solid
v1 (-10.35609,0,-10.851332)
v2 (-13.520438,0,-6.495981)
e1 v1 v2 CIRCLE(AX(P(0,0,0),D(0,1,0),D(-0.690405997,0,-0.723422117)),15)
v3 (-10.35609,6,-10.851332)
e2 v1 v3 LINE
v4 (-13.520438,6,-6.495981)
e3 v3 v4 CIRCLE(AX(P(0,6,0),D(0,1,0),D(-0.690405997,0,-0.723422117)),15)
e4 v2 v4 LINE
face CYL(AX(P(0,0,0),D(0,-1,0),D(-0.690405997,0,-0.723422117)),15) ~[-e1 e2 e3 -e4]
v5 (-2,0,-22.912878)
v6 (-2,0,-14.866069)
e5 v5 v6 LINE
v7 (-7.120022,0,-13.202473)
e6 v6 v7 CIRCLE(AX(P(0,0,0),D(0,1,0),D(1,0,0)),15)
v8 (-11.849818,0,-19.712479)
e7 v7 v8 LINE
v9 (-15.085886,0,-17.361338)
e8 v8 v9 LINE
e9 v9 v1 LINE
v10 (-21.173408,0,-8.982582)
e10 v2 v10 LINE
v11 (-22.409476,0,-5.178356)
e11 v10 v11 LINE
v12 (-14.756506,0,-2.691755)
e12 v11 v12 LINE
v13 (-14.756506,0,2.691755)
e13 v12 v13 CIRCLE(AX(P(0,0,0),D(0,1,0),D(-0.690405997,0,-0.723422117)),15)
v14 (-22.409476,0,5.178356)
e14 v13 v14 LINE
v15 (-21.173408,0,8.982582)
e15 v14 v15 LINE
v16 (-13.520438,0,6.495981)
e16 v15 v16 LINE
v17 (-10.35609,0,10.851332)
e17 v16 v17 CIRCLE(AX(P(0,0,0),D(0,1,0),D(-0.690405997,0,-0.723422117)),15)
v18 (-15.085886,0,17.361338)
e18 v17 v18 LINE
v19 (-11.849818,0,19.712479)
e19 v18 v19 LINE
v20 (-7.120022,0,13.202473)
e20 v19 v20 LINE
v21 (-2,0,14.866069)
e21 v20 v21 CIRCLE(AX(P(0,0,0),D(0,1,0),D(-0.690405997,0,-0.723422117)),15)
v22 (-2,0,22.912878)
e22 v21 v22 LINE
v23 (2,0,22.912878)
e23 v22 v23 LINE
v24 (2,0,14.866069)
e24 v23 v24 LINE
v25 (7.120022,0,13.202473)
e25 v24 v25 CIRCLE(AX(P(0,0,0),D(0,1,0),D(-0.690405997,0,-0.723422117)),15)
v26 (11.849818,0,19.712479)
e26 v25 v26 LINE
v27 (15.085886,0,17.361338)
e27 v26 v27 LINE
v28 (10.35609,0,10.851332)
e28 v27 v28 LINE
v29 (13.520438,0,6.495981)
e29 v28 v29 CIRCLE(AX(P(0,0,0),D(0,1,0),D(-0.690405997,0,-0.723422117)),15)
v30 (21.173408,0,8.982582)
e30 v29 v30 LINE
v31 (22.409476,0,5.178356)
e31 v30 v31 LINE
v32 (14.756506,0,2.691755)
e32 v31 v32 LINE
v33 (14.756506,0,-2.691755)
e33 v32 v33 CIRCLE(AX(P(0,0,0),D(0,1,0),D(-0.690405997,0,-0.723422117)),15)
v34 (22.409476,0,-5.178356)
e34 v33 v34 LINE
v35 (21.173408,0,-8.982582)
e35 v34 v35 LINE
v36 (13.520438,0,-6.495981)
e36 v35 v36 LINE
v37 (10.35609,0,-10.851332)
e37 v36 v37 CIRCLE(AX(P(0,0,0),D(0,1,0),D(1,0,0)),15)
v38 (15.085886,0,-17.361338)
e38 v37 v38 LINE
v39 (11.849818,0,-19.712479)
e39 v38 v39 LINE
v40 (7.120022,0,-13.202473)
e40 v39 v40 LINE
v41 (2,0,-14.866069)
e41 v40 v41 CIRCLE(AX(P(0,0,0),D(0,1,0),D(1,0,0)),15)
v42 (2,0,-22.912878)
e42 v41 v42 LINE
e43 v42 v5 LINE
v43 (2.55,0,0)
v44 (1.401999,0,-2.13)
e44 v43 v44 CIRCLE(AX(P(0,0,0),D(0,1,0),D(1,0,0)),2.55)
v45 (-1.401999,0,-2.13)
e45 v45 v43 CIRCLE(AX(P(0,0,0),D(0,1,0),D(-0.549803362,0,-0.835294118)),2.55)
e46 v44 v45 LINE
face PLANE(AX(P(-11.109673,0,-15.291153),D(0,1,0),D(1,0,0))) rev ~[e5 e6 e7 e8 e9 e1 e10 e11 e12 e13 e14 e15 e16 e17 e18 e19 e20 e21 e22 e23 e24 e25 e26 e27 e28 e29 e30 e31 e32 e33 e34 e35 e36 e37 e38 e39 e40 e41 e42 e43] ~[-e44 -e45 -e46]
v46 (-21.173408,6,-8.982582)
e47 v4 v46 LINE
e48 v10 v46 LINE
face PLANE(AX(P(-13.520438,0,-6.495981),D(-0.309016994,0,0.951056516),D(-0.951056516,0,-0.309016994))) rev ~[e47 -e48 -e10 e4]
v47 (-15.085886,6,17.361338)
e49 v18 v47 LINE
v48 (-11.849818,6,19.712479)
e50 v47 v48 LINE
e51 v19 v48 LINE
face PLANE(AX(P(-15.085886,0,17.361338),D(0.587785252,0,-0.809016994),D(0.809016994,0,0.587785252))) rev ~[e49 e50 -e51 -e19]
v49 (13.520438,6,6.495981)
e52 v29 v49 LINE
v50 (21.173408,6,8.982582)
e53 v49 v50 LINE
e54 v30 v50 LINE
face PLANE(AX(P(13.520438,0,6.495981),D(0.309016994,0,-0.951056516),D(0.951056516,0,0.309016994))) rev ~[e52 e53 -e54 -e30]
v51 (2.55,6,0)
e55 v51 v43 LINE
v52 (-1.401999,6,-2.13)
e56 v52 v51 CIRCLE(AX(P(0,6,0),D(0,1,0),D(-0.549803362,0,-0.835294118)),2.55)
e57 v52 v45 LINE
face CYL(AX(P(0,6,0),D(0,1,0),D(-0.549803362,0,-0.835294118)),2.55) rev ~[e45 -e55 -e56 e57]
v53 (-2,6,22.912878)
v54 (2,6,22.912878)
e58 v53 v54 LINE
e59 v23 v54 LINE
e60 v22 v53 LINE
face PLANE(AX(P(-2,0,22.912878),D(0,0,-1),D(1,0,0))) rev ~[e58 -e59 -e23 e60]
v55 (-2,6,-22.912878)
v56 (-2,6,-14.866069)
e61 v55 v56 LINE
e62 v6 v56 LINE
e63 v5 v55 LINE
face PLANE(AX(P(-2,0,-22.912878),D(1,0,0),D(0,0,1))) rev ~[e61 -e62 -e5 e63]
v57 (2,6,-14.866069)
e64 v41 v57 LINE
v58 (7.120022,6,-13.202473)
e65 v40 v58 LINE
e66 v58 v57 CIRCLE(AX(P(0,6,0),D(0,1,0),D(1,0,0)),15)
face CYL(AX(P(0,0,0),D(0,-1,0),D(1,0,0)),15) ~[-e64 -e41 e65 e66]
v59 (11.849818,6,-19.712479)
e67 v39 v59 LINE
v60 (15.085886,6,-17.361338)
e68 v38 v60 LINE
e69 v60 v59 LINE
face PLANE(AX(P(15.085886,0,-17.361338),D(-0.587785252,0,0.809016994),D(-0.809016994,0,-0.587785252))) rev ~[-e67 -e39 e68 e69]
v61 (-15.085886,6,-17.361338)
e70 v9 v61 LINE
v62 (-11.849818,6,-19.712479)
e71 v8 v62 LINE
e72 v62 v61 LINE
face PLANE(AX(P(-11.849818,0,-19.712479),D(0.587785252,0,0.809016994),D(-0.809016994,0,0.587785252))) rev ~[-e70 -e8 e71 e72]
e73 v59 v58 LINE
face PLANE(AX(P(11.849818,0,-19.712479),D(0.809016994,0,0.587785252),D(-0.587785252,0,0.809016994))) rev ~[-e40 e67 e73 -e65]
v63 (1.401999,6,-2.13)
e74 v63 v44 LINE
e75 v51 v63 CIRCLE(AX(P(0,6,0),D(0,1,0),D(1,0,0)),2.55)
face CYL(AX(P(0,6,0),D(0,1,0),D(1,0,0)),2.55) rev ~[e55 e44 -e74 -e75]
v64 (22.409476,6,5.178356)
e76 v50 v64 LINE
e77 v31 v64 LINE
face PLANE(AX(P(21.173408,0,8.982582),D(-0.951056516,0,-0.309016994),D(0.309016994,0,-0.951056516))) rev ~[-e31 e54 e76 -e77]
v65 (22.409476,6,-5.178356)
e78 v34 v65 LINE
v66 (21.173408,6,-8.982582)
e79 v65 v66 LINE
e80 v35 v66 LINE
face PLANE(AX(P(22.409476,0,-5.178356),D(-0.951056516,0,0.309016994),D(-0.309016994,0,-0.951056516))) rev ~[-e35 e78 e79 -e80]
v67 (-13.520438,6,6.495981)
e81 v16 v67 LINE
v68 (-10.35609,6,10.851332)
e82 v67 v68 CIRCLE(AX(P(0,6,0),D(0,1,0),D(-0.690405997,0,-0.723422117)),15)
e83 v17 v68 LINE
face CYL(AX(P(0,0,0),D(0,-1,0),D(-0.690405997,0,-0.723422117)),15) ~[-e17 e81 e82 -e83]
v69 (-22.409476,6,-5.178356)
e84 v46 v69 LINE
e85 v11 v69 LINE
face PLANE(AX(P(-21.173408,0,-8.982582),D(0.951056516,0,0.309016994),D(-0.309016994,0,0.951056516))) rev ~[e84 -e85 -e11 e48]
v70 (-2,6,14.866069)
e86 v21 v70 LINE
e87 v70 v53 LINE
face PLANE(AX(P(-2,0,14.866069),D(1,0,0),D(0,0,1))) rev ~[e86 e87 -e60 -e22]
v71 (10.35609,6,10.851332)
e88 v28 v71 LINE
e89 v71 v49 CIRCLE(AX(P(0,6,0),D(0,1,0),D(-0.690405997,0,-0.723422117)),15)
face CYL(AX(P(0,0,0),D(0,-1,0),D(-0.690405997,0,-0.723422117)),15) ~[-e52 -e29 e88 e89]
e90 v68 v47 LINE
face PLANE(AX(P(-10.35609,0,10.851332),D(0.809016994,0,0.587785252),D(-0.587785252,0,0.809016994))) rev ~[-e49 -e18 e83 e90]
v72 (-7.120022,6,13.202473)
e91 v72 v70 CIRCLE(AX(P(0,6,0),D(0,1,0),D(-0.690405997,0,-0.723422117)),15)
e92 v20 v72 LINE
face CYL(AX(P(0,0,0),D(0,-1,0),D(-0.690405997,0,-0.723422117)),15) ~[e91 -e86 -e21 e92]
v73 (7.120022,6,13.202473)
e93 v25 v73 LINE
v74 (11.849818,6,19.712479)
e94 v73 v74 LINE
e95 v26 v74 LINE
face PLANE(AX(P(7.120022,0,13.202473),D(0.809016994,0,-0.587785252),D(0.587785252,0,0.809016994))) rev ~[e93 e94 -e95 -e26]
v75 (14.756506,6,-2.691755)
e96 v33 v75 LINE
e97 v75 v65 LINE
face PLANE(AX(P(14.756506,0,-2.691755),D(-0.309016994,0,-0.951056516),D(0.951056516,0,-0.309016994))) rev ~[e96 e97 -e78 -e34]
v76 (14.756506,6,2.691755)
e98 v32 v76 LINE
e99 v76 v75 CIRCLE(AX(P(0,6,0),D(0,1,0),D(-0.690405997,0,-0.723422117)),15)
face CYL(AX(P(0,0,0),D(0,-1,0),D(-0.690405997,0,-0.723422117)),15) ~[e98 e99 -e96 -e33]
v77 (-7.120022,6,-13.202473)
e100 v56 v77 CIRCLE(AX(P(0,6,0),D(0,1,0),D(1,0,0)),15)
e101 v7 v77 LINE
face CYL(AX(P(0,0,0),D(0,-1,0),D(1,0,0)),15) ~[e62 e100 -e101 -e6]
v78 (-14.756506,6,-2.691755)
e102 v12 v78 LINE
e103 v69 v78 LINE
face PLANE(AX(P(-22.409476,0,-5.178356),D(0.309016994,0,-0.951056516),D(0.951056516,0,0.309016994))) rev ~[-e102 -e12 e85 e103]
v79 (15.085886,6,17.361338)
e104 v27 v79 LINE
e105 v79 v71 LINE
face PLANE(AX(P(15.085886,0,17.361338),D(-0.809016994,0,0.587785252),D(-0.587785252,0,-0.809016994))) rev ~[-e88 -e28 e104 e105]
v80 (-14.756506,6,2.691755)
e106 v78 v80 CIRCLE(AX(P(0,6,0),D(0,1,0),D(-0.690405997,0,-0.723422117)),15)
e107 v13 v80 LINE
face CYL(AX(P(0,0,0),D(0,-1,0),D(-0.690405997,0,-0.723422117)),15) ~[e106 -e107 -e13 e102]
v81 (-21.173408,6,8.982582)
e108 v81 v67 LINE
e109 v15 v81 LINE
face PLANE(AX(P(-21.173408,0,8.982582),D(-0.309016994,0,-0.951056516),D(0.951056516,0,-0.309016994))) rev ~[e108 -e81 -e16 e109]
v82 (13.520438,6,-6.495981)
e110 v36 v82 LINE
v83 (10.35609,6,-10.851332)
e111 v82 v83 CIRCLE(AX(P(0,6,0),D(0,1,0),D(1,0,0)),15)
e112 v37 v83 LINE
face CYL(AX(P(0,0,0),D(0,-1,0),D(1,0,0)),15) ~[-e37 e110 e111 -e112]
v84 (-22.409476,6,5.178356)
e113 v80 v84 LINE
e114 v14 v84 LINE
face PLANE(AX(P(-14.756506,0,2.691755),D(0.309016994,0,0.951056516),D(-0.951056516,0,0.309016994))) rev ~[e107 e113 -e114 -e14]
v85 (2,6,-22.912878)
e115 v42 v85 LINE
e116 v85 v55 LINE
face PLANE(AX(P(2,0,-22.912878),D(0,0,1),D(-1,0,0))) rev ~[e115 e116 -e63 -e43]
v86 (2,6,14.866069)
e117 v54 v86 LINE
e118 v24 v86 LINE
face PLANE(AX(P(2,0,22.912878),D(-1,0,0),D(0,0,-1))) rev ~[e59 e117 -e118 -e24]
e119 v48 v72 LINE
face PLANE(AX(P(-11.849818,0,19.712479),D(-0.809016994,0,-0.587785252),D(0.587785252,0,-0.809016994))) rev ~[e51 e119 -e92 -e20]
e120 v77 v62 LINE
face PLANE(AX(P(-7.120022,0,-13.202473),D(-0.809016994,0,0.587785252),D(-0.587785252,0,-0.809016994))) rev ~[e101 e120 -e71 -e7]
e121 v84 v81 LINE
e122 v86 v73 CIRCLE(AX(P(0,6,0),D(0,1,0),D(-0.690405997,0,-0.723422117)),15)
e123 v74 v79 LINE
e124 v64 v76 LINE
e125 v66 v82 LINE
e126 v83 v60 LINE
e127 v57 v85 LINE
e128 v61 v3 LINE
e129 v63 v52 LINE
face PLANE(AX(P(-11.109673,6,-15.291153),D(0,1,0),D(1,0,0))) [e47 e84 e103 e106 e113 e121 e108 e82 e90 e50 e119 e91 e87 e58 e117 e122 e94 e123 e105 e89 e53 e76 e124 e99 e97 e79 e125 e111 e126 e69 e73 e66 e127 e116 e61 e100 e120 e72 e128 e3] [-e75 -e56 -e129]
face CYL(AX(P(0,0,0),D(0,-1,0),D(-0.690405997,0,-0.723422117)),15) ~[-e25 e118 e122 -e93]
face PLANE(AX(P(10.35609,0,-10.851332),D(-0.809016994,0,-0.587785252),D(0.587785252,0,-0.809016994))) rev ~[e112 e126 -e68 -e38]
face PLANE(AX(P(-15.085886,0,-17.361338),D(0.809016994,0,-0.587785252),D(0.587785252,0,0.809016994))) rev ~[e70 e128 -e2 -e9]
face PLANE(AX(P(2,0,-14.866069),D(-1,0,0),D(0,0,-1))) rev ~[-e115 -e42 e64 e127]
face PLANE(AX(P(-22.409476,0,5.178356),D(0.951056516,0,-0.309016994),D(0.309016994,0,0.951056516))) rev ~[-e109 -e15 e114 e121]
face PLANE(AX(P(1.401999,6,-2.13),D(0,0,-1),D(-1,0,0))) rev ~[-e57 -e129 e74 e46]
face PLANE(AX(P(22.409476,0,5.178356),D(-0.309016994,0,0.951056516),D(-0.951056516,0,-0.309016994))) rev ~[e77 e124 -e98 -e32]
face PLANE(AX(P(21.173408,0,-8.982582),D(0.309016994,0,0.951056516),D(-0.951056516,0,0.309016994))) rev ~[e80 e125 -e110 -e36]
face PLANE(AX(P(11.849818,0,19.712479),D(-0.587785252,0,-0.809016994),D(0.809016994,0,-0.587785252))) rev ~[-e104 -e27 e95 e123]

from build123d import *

# Parameters (mm, degrees)
SKETCH1_R           = 15
BOSS_EXTRUDE1_DEPTH = 6
CUT_EXTRUDE1_DEPTH  = 6


with BuildPart() as part:
    # Sketch1 → Boss-Extrude1 (new body)
    with BuildSketch(Plane(origin=(0, 0, 0), x_dir=(1, 0, 0), z_dir=(0, 1, 0))):
        with BuildLine():
            Line((-7.12002198, 13.202472761), (-11.849818066, 19.712478581))
            Line((-11.849818066, 19.712478581), (-15.085886044, 17.361337572))
            Line((-15.085886044, 17.361337572), (-10.356089958, 10.851331752))
            ThreePointArc((-10.356089958, 10.851331752), (-8.816778784, 12.135254916), (-7.12002198, 13.202472761))
        make_face()
        with BuildLine():
            Line((2, 22.912878475), (-2, 22.912878475))
            Line((-2, 22.912878475), (-2, 14.866068747))
            ThreePointArc((-2, 14.866068747), (0, 15), (2, 14.866068747))
            Line((2, 14.866068747), (2, 22.912878475))
        make_face()
        with BuildLine():
            Line((15.085886044, 17.361337572), (11.849818066, 19.712478581))
            Line((11.849818066, 19.712478581), (7.12002198, 13.202472761))
            ThreePointArc((7.12002198, 13.202472761), (8.816778784, 12.135254916), (10.356089958, 10.851331752))
            Line((10.356089958, 10.851331752), (15.085886044, 17.361337572))
        make_face()
        with BuildLine():
            Line((22.409476369, 5.178355806), (21.173408392, 8.982581871))
            Line((21.173408392, 8.982581871), (13.520437565, 6.495980915))
            ThreePointArc((13.520437565, 6.495980915), (14.265847744, 4.635254916), (14.756505543, 2.69175485))
            Line((14.756505543, 2.69175485), (22.409476369, 5.178355806))
        make_face()
        Circle(SKETCH1_R)
        with BuildLine():
            Line((21.173408392, -8.982581871), (22.409476369, -5.178355806))
            Line((22.409476369, -5.178355806), (14.756505543, -2.69175485))
            ThreePointArc((14.756505543, -2.69175485), (14.265847744, -4.635254916), (13.520437565, -6.495980915))
            Line((13.520437565, -6.495980915), (21.173408392, -8.982581871))
        make_face()
        with BuildLine():
            Line((11.849818066, -19.712478581), (15.085886044, -17.361337572))
            Line((15.085886044, -17.361337572), (10.356089958, -10.851331752))
            ThreePointArc((10.356089958, -10.851331752), (8.816778784, -12.135254916), (7.12002198, -13.202472761))
            Line((7.12002198, -13.202472761), (11.849818066, -19.712478581))
        make_face()
        with BuildLine():
            Line((-2, -14.866068747), (-2, -22.912878475))
            Line((-2, -22.912878475), (2, -22.912878475))
            Line((2, -22.912878475), (2, -14.866068747))
            ThreePointArc((2, -14.866068747), (0, -15), (-2, -14.866068747))
        make_face()
        with BuildLine():
            Line((-10.356089958, -10.851331752), (-15.085886044, -17.361337572))
            Line((-15.085886044, -17.361337572), (-11.849818066, -19.712478581))
            Line((-11.849818066, -19.712478581), (-7.12002198, -13.202472761))
            ThreePointArc((-7.12002198, -13.202472761), (-8.816778784, -12.135254916), (-10.356089958, -10.851331752))
        make_face()
        with BuildLine():
            Line((-14.756505543, -2.69175485), (-22.409476369, -5.178355806))
            Line((-22.409476369, -5.178355806), (-21.173408392, -8.982581871))
            Line((-21.173408392, -8.982581871), (-13.520437565, -6.495980915))
            ThreePointArc((-13.520437565, -6.495980915), (-14.265847744, -4.635254916), (-14.756505543, -2.69175485))
        make_face()
        with BuildLine():
            Line((-13.520437565, 6.495980915), (-21.173408392, 8.982581871))
            Line((-21.173408392, 8.982581871), (-22.409476369, 5.178355806))
            Line((-22.409476369, 5.178355806), (-14.756505543, 2.69175485))
            ThreePointArc((-14.756505543, 2.69175485), (-14.265847744, 4.635254916), (-13.520437565, 6.495980915))
        make_face()
    extrude(amount=BOSS_EXTRUDE1_DEPTH)

    # Sketch2 → Cut-Extrude1 (cut)
    with BuildSketch(Plane(origin=(0, 6, 0), x_dir=(1, 0, 0), z_dir=(0, 1, 0))):
        with BuildLine():
            Line((1.401998573, 2.13), (-1.401998573, 2.13))
            ThreePointArc((-1.401998573, 2.13), (-1.209835451, -2.24472675), (2.55, 0))
            ThreePointArc((2.55, 0), (2.24472675, 1.209835451), (1.401998573, 2.13))
        make_face()
    extrude(amount=-CUT_EXTRUDE1_DEPTH, mode=Mode.SUBTRACT)


solid = part.part
